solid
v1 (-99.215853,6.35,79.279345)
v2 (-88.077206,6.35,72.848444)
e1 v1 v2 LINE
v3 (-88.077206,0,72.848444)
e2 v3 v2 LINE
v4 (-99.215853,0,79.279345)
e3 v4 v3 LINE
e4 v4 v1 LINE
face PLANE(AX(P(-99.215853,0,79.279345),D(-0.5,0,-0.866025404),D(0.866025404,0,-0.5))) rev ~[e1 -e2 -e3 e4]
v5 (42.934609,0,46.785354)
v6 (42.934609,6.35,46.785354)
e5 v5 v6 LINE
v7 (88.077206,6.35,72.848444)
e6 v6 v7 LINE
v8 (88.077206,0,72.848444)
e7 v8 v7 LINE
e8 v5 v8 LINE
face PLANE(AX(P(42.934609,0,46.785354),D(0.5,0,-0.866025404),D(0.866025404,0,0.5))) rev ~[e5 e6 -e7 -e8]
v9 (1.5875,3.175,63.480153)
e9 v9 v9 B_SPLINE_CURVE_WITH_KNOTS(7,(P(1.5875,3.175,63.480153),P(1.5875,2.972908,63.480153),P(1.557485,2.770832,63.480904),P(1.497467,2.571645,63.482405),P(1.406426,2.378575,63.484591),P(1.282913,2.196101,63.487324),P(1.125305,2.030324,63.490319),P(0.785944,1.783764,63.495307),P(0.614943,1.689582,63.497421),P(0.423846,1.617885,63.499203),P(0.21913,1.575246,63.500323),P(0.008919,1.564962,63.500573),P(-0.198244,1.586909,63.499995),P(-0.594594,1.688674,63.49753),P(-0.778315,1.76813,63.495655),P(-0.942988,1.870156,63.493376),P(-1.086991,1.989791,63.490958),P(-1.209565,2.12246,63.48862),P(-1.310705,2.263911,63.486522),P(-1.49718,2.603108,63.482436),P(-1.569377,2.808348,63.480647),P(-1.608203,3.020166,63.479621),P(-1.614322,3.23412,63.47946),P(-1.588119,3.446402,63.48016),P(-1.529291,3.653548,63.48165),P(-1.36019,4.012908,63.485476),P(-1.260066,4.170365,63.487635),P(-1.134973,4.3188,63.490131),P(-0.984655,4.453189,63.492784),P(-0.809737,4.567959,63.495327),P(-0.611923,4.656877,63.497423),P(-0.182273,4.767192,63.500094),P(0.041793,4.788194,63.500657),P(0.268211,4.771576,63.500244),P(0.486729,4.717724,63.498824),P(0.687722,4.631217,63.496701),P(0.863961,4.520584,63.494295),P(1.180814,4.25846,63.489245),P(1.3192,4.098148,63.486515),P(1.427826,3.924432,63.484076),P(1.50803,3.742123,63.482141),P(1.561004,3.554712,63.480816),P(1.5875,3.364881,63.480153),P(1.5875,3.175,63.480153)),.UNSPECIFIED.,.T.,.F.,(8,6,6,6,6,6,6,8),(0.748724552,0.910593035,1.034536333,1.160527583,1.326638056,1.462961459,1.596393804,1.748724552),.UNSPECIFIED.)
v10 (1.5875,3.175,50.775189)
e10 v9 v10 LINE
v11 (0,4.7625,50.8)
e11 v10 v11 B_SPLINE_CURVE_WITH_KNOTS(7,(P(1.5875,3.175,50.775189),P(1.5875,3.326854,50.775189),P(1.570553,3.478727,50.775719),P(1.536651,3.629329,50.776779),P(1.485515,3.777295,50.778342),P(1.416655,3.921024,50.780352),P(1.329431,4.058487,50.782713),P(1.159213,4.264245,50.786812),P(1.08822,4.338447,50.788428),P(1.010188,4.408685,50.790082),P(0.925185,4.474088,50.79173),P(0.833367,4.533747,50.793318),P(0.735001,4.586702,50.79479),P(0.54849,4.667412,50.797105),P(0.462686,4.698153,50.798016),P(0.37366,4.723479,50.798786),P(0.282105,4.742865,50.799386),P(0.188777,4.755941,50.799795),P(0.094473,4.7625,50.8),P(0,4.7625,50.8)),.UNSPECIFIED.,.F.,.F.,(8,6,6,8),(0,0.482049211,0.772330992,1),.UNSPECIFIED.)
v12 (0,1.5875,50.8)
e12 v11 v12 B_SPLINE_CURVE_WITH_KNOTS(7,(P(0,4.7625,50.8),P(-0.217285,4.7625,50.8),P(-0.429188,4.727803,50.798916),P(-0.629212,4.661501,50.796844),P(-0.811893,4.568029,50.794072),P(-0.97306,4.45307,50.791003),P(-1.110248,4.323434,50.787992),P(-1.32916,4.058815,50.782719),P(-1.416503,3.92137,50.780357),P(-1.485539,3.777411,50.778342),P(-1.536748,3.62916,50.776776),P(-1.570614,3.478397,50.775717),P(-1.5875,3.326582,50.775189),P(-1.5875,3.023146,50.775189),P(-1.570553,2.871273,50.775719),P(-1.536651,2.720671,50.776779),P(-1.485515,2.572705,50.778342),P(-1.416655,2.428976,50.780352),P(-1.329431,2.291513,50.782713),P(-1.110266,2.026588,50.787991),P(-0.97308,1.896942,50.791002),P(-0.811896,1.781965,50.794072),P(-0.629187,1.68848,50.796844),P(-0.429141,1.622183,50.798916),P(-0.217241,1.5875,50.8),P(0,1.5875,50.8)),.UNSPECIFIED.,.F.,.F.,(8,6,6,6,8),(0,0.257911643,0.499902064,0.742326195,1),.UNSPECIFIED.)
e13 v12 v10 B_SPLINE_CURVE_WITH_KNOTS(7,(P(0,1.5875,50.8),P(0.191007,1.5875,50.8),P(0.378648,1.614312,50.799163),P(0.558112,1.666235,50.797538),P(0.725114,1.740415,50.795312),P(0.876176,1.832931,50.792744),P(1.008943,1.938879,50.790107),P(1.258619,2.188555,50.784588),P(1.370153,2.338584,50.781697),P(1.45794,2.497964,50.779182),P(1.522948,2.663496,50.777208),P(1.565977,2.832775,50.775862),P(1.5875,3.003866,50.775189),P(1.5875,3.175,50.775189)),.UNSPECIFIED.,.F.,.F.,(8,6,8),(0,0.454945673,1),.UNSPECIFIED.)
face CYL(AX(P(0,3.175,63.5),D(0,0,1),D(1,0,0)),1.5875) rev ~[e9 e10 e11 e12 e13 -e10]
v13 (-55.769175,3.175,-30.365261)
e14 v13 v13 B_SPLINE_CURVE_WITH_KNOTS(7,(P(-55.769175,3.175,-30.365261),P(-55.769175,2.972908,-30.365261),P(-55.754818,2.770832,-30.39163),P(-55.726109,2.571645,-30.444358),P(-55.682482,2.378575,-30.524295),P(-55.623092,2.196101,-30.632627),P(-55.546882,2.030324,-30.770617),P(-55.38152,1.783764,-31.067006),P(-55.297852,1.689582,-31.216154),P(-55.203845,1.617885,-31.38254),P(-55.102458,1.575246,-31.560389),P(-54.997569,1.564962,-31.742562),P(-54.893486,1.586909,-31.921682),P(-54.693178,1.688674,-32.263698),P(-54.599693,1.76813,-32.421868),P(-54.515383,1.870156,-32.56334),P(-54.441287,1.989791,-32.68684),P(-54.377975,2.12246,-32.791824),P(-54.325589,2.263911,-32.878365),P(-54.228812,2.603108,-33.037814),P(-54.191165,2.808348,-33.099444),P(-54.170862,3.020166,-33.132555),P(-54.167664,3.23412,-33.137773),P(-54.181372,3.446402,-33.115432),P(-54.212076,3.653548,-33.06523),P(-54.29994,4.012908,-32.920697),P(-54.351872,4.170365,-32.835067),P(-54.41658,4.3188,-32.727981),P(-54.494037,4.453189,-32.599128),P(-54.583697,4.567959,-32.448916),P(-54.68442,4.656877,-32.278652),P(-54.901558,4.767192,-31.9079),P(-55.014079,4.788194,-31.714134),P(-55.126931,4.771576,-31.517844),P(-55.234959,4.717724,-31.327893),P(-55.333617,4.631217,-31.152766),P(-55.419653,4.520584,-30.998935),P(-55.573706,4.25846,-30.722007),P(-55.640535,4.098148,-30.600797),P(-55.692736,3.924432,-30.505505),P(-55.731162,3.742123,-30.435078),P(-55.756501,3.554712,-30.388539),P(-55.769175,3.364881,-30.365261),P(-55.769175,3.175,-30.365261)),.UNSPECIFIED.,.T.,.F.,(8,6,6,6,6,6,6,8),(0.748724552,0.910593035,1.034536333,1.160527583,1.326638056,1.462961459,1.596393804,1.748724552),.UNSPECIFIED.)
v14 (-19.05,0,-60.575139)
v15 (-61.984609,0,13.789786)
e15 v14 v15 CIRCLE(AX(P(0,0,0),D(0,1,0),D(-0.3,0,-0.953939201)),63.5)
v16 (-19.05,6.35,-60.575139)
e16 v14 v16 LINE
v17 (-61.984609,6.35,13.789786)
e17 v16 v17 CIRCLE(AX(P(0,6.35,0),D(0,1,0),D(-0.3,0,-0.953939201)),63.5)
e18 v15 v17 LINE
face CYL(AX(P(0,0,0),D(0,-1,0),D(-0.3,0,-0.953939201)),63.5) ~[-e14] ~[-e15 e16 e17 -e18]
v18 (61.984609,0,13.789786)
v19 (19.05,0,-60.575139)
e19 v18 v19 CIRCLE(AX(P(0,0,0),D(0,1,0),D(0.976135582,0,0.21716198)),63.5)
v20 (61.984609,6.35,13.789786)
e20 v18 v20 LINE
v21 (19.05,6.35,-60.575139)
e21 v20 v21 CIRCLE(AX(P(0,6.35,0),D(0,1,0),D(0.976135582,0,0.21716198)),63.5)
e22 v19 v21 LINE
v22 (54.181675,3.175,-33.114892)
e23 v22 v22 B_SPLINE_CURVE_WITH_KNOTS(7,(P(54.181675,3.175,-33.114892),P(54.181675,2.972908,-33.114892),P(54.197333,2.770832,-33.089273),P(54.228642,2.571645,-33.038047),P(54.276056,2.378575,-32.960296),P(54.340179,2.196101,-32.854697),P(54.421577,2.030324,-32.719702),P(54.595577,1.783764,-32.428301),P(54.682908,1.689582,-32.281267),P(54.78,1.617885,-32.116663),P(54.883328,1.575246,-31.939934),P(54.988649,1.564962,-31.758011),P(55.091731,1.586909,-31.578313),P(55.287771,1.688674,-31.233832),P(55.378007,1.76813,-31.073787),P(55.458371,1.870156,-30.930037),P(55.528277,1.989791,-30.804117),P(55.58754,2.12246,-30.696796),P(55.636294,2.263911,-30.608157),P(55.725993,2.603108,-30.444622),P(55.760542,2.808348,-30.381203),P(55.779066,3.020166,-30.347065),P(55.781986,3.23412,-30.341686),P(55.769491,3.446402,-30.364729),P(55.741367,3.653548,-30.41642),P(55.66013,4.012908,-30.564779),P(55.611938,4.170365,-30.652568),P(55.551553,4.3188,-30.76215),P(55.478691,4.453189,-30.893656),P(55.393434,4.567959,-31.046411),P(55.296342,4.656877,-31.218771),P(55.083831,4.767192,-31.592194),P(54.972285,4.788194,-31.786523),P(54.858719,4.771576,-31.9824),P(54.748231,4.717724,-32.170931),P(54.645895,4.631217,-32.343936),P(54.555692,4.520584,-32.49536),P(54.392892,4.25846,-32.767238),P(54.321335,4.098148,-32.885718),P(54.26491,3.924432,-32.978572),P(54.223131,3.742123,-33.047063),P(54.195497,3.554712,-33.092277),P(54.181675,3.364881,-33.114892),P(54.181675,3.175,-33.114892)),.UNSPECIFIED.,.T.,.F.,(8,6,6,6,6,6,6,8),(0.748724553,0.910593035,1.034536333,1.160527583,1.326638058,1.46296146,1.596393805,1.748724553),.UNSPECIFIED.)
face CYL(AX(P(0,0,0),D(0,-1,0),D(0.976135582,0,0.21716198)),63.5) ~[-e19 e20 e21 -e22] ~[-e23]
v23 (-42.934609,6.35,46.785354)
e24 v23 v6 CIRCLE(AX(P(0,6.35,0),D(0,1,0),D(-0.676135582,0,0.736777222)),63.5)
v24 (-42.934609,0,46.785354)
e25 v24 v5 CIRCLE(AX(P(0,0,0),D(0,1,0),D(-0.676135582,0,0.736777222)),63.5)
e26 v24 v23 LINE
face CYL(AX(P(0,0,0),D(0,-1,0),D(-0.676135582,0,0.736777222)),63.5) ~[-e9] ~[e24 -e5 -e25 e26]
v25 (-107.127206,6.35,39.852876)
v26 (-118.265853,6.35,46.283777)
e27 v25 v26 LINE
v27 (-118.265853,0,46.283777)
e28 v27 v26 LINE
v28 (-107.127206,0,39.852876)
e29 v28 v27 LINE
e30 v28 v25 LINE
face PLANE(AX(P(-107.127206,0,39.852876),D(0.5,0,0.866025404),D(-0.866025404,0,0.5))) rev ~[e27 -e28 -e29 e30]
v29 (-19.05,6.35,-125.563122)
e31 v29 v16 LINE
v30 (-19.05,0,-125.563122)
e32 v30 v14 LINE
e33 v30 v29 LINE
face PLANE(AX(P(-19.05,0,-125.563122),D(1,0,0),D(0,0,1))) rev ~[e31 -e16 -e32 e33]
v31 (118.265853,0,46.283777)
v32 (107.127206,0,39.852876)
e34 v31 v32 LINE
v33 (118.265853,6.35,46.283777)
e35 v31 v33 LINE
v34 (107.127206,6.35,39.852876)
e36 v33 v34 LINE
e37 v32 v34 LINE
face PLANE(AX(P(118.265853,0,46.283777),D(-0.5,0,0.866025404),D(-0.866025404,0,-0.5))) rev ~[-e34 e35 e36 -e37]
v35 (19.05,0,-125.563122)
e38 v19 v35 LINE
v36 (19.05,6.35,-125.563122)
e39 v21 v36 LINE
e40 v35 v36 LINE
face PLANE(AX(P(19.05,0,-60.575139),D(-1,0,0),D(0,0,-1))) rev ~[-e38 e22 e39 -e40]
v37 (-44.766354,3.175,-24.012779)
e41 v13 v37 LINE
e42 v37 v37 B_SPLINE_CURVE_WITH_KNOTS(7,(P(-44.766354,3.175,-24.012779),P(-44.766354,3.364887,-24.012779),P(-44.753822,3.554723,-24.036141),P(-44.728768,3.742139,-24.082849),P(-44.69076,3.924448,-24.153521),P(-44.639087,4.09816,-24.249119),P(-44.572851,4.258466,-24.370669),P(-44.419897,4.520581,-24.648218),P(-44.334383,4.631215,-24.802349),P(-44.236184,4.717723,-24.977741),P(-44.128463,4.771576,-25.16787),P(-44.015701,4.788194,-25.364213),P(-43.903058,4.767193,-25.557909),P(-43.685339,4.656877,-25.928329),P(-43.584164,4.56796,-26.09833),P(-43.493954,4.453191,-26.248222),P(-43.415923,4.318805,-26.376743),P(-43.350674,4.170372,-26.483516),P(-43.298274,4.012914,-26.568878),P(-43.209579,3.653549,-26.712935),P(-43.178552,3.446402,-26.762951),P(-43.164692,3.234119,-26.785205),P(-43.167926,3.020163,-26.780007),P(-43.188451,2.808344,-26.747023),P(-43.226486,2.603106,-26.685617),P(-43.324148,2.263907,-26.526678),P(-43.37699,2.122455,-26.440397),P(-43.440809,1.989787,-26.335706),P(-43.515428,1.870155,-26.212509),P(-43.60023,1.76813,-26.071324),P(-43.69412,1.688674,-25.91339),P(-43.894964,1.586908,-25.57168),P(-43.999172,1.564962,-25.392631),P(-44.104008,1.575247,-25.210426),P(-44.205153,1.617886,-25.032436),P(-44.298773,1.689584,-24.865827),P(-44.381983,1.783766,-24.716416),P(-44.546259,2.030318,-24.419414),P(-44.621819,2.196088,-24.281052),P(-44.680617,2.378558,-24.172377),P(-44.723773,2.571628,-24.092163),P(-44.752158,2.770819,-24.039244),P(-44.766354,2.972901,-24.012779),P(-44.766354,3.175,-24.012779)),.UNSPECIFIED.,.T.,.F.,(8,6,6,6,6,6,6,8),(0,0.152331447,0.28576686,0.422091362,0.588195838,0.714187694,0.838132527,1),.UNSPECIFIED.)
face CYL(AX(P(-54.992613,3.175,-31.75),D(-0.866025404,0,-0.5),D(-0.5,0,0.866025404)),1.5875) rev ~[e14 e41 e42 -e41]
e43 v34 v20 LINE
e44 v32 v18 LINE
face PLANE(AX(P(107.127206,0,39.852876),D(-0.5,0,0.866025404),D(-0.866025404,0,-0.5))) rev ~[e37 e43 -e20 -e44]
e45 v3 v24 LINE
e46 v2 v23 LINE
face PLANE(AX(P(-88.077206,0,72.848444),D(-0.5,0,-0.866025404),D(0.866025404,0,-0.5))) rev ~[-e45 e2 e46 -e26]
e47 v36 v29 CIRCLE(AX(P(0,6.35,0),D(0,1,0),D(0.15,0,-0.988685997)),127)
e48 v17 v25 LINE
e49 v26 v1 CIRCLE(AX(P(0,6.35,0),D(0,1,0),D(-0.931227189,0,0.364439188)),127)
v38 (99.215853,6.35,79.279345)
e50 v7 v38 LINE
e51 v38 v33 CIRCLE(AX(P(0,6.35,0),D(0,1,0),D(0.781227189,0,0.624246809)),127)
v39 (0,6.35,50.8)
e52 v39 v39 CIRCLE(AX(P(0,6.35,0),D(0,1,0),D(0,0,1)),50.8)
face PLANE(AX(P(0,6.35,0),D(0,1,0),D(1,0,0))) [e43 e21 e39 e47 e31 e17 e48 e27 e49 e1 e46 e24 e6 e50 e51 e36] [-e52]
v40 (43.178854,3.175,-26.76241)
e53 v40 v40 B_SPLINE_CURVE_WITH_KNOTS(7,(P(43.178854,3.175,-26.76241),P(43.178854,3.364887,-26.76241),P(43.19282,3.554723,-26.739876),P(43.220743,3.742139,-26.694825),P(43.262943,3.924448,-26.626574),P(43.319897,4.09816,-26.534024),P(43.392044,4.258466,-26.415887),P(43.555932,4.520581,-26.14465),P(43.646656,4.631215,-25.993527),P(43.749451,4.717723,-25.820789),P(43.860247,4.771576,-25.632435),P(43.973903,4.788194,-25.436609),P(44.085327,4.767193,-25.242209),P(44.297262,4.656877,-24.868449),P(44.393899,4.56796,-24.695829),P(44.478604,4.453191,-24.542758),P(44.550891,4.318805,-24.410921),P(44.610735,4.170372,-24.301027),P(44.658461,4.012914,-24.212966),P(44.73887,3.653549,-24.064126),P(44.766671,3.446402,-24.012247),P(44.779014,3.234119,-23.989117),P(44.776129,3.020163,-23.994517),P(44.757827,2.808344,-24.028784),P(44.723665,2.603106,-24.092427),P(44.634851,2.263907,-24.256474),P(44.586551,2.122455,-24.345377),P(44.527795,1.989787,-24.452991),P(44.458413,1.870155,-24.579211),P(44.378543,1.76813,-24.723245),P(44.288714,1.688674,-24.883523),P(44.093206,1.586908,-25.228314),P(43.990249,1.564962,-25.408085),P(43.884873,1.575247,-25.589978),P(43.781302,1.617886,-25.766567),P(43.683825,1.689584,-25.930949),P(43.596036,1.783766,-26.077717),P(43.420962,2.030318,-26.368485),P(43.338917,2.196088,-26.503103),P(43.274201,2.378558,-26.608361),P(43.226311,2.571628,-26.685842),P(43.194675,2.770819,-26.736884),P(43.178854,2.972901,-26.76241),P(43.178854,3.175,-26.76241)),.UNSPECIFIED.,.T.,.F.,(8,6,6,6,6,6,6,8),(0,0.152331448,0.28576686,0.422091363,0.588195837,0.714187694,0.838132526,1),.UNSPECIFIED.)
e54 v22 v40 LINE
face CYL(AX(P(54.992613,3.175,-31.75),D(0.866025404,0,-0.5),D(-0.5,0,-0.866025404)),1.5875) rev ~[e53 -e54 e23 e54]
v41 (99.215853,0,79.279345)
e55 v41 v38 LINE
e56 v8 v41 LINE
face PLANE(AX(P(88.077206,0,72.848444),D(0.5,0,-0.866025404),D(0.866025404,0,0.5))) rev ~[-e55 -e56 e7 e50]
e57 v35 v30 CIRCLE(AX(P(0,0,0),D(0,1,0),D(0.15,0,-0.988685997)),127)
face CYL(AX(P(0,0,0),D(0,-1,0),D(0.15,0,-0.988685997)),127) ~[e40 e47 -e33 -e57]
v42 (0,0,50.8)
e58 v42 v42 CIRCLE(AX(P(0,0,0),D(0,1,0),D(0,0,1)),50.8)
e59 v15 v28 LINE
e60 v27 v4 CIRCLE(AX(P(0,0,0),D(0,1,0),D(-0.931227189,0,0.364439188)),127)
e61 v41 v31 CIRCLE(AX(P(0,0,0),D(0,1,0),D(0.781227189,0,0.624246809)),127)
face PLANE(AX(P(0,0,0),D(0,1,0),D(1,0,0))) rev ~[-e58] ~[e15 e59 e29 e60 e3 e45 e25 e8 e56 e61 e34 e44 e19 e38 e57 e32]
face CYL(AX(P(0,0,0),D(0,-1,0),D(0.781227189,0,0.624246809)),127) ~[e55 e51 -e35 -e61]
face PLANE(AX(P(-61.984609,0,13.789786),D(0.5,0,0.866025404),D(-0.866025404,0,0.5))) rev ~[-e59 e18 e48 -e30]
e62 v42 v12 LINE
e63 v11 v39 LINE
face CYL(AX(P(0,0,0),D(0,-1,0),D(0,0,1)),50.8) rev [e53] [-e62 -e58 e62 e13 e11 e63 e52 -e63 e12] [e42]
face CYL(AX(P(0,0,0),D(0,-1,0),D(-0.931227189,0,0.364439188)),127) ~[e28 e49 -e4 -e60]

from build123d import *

# Parameters (mm, degrees)
SKETCH1_R           = 50.8
BOSS_EXTRUDE1_DEPTH = 6.35
SKETCH2_R           = 1.5875
CUT_EXTRUDE1_DEPTH  = 12.724811
CIRPATTERN1_COUNT   = 3


with BuildPart() as part:
    # Sketch1 → Boss-Extrude1 (new body)
    with BuildSketch(Plane(origin=(0, 0, 0), x_dir=(1, 0, 0), z_dir=(0, 1, 0))):
        with BuildLine():
            Line((-19.05, 112.701319868), (-19.05, 60.57513929))
            ThreePointArc((-19.05, 60.57513929), (-54.99261314, 31.75), (-61.984609463, -13.789785703))
            Line((-61.984609463, -13.789785703), (-107.127206046, -39.852875992))
            Line((-107.127206046, -39.852875992), (-118.265853064, -46.283776846))
            ThreePointArc((-118.265853064, -46.283776846), (-109.985226281, -63.5), (-99.215853064, -79.27934473))
            Line((-99.215853064, -79.27934473), (-88.077206046, -72.848443876))
            Line((-88.077206046, -72.848443876), (-42.934609463, -46.785353587))
            ThreePointArc((-42.934609463, -46.785353587), (0, -63.5), (42.934609463, -46.785353587))
            Line((42.934609463, -46.785353587), (88.077206046, -72.848443876))
            Line((88.077206046, -72.848443876), (99.215853064, -79.27934473))
            ThreePointArc((99.215853064, -79.27934473), (109.985226281, -63.5), (118.265853064, -46.283776846))
            Line((118.265853064, -46.283776846), (107.127206046, -39.852875992))
            Line((107.127206046, -39.852875992), (61.984609463, -13.789785703))
            ThreePointArc((61.984609463, -13.789785703), (54.99261314, 31.75), (19.05, 60.57513929))
            Line((19.05, 60.57513929), (19.05, 112.701319868))
            Line((19.05, 112.701319868), (19.05, 125.563121576))
            ThreePointArc((19.05, 125.563121576), (0, 127), (-19.05, 125.563121576))
            Line((-19.05, 125.563121576), (-19.05, 112.701319868))
        make_face()
        with Locations(Location((0, 0, 0), (0, 0, 270))):  # turned: the seam where the file's is
            Circle(SKETCH1_R, mode=Mode.SUBTRACT)
    extrude(amount=BOSS_EXTRUDE1_DEPTH)

    # Sketch2 → Cut-Extrude1 (cut)
    with BuildSketch(Plane.XY.offset(63.5)):
        with Locations((0, 3.175)):
            Circle(SKETCH2_R)
    cut_extrude1 = extrude(amount=-CUT_EXTRUDE1_DEPTH, mode=Mode.SUBTRACT)

    # CirPattern1: Cut-Extrude1 ×3 about axis
    cirpattern1_axis = Axis((0, 0, 0), (0, -1, 0))
    for i in range(1, CIRPATTERN1_COUNT):
        add(cut_extrude1.rotate(cirpattern1_axis, i * 360 / CIRPATTERN1_COUNT), mode=Mode.SUBTRACT)


solid = part.part
